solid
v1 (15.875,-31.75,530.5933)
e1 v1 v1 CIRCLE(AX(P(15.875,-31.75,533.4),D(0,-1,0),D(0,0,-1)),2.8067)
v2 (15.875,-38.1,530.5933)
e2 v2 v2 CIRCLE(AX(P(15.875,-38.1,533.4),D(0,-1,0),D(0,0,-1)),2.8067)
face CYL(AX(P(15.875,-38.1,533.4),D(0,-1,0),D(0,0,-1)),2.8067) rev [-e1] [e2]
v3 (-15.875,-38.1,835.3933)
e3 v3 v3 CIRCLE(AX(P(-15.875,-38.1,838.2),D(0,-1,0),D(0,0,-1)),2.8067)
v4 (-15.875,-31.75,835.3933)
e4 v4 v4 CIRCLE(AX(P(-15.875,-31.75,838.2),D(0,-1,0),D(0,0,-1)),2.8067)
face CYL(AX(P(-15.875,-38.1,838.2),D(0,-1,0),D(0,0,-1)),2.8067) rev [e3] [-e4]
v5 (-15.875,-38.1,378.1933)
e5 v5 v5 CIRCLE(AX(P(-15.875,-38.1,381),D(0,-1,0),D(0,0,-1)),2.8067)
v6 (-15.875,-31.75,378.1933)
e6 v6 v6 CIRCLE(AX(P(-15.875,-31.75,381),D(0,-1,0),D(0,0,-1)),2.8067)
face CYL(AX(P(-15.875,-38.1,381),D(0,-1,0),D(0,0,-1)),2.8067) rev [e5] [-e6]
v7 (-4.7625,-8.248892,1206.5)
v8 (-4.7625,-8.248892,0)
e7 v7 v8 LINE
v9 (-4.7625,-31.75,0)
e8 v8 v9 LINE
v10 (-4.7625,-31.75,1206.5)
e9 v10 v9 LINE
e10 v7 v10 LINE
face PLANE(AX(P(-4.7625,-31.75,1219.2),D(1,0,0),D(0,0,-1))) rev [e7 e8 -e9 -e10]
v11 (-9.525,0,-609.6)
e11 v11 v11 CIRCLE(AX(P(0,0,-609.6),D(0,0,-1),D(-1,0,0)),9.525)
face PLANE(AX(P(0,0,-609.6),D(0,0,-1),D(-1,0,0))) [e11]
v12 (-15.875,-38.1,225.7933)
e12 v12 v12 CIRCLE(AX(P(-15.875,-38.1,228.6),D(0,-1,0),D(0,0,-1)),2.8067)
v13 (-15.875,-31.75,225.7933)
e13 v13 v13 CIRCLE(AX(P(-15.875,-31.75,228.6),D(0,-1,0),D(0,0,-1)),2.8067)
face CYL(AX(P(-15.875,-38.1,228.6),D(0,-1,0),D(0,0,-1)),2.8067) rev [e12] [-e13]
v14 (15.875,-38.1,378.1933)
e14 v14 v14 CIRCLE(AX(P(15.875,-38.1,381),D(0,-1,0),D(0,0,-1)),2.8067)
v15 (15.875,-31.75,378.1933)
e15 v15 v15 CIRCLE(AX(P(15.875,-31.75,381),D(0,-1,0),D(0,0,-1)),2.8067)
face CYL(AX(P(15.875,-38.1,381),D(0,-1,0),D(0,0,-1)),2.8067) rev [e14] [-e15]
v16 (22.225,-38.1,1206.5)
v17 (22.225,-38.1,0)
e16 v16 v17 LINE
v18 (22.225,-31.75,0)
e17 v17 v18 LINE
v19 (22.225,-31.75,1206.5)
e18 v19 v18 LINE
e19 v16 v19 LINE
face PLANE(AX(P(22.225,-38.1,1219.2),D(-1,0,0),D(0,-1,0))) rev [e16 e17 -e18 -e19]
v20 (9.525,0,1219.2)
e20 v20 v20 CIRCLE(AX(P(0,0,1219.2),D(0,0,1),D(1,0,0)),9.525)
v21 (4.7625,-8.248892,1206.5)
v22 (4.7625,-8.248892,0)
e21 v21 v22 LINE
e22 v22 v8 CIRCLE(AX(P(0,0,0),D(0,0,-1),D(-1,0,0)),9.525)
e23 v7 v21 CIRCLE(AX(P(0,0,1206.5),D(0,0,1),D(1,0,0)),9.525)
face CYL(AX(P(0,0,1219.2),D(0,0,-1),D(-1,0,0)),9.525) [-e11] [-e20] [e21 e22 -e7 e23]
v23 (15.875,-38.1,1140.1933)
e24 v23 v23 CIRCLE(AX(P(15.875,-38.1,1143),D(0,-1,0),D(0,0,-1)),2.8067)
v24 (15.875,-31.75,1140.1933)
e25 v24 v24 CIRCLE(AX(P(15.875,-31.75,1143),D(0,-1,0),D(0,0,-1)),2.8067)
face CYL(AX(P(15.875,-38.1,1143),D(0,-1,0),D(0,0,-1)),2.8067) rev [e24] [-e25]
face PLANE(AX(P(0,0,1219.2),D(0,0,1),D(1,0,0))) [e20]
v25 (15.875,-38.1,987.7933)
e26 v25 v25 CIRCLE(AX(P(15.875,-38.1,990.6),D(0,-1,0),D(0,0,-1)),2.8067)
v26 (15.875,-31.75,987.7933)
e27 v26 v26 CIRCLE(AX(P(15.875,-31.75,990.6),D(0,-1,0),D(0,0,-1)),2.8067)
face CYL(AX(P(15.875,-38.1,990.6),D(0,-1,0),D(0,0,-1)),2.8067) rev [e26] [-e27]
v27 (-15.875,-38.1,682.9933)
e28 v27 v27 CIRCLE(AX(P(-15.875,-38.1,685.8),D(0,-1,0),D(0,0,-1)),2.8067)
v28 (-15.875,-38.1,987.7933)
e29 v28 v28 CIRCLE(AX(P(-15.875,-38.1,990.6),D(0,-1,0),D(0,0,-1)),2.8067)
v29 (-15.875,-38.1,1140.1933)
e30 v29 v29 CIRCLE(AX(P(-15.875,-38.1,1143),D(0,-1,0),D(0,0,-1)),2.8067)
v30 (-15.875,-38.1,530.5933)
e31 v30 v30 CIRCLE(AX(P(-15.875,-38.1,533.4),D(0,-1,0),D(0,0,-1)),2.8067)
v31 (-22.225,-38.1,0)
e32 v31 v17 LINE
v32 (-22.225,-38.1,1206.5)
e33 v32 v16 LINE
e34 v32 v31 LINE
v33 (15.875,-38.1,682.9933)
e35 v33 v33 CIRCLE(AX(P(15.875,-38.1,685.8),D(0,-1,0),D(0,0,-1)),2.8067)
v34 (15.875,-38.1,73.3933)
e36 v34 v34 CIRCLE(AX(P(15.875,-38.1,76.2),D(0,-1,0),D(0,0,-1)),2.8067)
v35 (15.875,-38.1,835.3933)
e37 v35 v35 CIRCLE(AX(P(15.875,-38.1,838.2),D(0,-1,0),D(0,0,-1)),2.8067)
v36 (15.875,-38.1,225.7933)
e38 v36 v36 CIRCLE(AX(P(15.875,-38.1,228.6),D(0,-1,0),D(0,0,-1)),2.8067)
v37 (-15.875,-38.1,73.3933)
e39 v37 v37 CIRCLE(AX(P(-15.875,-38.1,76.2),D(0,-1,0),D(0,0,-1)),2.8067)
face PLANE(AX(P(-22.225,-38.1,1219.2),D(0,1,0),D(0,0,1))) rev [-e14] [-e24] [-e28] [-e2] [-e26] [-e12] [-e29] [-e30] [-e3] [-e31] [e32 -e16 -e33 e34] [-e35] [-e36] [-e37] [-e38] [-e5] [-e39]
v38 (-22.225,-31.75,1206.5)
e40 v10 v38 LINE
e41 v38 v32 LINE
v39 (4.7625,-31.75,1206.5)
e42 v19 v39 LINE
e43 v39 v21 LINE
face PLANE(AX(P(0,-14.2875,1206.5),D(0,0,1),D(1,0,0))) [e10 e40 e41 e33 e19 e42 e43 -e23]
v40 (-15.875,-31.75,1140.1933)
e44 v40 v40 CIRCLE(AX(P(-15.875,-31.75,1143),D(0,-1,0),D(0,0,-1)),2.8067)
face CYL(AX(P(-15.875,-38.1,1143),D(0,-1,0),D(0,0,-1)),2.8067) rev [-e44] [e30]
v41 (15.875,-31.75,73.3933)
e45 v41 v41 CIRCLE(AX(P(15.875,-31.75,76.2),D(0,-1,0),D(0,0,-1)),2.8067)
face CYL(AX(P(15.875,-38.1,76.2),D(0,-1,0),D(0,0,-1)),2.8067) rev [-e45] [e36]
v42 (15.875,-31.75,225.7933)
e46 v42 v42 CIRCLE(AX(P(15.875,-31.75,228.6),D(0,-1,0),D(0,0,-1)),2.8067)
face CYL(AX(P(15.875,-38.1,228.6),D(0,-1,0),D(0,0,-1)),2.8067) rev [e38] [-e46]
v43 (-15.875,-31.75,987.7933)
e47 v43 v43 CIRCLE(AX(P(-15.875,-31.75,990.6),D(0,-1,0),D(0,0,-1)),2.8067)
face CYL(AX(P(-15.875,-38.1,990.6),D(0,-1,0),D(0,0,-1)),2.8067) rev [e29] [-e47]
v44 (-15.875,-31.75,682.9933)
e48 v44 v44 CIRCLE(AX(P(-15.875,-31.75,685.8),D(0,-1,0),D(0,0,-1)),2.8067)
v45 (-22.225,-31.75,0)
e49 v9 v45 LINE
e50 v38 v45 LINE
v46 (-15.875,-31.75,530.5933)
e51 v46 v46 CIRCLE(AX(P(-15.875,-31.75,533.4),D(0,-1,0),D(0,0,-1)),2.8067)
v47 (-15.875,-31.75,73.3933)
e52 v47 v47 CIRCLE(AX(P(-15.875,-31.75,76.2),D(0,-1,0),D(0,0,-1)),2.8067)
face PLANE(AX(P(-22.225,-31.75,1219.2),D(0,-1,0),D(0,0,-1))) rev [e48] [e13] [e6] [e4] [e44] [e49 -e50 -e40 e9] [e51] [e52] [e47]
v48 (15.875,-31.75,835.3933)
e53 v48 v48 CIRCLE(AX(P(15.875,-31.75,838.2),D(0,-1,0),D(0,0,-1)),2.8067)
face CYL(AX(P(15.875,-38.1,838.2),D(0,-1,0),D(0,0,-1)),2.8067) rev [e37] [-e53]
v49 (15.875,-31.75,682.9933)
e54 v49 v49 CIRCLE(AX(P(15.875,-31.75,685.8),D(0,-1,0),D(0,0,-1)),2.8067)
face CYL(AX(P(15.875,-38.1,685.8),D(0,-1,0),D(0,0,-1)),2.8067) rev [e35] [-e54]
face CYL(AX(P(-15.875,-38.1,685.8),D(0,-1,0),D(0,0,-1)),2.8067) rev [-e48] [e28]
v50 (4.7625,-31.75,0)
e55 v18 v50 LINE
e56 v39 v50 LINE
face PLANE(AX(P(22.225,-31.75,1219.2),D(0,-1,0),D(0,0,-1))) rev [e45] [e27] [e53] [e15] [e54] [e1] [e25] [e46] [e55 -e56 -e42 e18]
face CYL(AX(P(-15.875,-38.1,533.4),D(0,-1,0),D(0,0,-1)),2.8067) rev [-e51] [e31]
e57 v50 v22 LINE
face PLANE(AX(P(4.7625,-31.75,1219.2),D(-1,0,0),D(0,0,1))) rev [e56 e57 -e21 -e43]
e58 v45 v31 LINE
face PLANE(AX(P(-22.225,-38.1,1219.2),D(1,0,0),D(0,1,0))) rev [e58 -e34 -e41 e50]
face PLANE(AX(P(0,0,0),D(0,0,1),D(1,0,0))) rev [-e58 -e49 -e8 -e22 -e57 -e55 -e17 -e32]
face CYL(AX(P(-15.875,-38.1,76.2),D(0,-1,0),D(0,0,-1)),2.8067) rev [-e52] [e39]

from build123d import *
from build123d.topology import SkipClean

# Parameters (mm, degrees)
EXTRUDE1_DEPTH         = 1219.2
F_10_CLEARANCE_HOLE1_D = 5.6134
LPATTERN3_COUNT        = 8
LPATTERN3_PITCH        = 152.4
SKETCH4_OUTSIDE_W      = 290.638
SKETCH4_OUTSIDE_H      = 293.813
SKETCH4_OUTSIDE_R      = 9.525
CUT_EXTRUDE1_DEPTH     = 12.7
EXTRUDE2_START         = 609.6
SKETCH5_R              = 9.525
EXTRUDE2_DEPTH         = 609.6


with BuildPart() as part:
    # Sketch1 → Extrude1 (new body)
    with BuildSketch(Plane.XY):
        with BuildLine():
            Line((-22.225, -38.1), (22.225, -38.1))
            Line((22.225, -38.1), (22.225, -31.75))
            Line((22.225, -31.75), (4.7625, -31.75))
            Line((4.7625, -31.75), (4.7625, -8.248891971))
            ThreePointArc((4.7625, -8.248891971), (0, 9.525), (-4.7625, -8.248891971))
            Line((-4.7625, -8.248891971), (-4.7625, -31.75))
            Line((-4.7625, -31.75), (-22.225, -31.75))
            Line((-22.225, -31.75), (-22.225, -38.1))
        make_face()
    extrude(amount=EXTRUDE1_DEPTH)

    # #10 Clearance Hole1 (through all)
    with Locations(Plane.XZ.offset(38.1)):
        with Locations((-15.875, 76.2), (15.875, 76.2)):
            f_10_clearance_hole1 = Hole(F_10_CLEARANCE_HOLE1_D / 2)

    # LPattern3: #10 Clearance Hole1 ×8
    with Locations(*[(0, 0, i * LPATTERN3_PITCH) for i in range(1, LPATTERN3_COUNT)]):
        add(f_10_clearance_hole1, mode=Mode.SUBTRACT)

    # Sketch4 outside → Cut-Extrude1 (cut)
    with BuildSketch(Plane.XY.offset(1219.2)):
        with Locations((0, -14.2875)):
            Rectangle(SKETCH4_OUTSIDE_W, SKETCH4_OUTSIDE_H)
        with Locations(Location((0, 0, 0), (0, 0, 240))):
            Circle(SKETCH4_OUTSIDE_R, mode=Mode.SUBTRACT)
    extrude(amount=-CUT_EXTRUDE1_DEPTH, mode=Mode.SUBTRACT)

    # Sketch5 → Extrude2 (add)
    with SkipClean():  # the faces are left unmerged after this step: merging them gives an invalid solid
        with BuildSketch(Plane(origin=(0, 0, 0), x_dir=(-1, 0, 0), z_dir=(0, 0, -1)).offset(EXTRUDE2_START)):
            Circle(SKETCH5_R)
        extrude(amount=-EXTRUDE2_DEPTH)


solid = part.part
